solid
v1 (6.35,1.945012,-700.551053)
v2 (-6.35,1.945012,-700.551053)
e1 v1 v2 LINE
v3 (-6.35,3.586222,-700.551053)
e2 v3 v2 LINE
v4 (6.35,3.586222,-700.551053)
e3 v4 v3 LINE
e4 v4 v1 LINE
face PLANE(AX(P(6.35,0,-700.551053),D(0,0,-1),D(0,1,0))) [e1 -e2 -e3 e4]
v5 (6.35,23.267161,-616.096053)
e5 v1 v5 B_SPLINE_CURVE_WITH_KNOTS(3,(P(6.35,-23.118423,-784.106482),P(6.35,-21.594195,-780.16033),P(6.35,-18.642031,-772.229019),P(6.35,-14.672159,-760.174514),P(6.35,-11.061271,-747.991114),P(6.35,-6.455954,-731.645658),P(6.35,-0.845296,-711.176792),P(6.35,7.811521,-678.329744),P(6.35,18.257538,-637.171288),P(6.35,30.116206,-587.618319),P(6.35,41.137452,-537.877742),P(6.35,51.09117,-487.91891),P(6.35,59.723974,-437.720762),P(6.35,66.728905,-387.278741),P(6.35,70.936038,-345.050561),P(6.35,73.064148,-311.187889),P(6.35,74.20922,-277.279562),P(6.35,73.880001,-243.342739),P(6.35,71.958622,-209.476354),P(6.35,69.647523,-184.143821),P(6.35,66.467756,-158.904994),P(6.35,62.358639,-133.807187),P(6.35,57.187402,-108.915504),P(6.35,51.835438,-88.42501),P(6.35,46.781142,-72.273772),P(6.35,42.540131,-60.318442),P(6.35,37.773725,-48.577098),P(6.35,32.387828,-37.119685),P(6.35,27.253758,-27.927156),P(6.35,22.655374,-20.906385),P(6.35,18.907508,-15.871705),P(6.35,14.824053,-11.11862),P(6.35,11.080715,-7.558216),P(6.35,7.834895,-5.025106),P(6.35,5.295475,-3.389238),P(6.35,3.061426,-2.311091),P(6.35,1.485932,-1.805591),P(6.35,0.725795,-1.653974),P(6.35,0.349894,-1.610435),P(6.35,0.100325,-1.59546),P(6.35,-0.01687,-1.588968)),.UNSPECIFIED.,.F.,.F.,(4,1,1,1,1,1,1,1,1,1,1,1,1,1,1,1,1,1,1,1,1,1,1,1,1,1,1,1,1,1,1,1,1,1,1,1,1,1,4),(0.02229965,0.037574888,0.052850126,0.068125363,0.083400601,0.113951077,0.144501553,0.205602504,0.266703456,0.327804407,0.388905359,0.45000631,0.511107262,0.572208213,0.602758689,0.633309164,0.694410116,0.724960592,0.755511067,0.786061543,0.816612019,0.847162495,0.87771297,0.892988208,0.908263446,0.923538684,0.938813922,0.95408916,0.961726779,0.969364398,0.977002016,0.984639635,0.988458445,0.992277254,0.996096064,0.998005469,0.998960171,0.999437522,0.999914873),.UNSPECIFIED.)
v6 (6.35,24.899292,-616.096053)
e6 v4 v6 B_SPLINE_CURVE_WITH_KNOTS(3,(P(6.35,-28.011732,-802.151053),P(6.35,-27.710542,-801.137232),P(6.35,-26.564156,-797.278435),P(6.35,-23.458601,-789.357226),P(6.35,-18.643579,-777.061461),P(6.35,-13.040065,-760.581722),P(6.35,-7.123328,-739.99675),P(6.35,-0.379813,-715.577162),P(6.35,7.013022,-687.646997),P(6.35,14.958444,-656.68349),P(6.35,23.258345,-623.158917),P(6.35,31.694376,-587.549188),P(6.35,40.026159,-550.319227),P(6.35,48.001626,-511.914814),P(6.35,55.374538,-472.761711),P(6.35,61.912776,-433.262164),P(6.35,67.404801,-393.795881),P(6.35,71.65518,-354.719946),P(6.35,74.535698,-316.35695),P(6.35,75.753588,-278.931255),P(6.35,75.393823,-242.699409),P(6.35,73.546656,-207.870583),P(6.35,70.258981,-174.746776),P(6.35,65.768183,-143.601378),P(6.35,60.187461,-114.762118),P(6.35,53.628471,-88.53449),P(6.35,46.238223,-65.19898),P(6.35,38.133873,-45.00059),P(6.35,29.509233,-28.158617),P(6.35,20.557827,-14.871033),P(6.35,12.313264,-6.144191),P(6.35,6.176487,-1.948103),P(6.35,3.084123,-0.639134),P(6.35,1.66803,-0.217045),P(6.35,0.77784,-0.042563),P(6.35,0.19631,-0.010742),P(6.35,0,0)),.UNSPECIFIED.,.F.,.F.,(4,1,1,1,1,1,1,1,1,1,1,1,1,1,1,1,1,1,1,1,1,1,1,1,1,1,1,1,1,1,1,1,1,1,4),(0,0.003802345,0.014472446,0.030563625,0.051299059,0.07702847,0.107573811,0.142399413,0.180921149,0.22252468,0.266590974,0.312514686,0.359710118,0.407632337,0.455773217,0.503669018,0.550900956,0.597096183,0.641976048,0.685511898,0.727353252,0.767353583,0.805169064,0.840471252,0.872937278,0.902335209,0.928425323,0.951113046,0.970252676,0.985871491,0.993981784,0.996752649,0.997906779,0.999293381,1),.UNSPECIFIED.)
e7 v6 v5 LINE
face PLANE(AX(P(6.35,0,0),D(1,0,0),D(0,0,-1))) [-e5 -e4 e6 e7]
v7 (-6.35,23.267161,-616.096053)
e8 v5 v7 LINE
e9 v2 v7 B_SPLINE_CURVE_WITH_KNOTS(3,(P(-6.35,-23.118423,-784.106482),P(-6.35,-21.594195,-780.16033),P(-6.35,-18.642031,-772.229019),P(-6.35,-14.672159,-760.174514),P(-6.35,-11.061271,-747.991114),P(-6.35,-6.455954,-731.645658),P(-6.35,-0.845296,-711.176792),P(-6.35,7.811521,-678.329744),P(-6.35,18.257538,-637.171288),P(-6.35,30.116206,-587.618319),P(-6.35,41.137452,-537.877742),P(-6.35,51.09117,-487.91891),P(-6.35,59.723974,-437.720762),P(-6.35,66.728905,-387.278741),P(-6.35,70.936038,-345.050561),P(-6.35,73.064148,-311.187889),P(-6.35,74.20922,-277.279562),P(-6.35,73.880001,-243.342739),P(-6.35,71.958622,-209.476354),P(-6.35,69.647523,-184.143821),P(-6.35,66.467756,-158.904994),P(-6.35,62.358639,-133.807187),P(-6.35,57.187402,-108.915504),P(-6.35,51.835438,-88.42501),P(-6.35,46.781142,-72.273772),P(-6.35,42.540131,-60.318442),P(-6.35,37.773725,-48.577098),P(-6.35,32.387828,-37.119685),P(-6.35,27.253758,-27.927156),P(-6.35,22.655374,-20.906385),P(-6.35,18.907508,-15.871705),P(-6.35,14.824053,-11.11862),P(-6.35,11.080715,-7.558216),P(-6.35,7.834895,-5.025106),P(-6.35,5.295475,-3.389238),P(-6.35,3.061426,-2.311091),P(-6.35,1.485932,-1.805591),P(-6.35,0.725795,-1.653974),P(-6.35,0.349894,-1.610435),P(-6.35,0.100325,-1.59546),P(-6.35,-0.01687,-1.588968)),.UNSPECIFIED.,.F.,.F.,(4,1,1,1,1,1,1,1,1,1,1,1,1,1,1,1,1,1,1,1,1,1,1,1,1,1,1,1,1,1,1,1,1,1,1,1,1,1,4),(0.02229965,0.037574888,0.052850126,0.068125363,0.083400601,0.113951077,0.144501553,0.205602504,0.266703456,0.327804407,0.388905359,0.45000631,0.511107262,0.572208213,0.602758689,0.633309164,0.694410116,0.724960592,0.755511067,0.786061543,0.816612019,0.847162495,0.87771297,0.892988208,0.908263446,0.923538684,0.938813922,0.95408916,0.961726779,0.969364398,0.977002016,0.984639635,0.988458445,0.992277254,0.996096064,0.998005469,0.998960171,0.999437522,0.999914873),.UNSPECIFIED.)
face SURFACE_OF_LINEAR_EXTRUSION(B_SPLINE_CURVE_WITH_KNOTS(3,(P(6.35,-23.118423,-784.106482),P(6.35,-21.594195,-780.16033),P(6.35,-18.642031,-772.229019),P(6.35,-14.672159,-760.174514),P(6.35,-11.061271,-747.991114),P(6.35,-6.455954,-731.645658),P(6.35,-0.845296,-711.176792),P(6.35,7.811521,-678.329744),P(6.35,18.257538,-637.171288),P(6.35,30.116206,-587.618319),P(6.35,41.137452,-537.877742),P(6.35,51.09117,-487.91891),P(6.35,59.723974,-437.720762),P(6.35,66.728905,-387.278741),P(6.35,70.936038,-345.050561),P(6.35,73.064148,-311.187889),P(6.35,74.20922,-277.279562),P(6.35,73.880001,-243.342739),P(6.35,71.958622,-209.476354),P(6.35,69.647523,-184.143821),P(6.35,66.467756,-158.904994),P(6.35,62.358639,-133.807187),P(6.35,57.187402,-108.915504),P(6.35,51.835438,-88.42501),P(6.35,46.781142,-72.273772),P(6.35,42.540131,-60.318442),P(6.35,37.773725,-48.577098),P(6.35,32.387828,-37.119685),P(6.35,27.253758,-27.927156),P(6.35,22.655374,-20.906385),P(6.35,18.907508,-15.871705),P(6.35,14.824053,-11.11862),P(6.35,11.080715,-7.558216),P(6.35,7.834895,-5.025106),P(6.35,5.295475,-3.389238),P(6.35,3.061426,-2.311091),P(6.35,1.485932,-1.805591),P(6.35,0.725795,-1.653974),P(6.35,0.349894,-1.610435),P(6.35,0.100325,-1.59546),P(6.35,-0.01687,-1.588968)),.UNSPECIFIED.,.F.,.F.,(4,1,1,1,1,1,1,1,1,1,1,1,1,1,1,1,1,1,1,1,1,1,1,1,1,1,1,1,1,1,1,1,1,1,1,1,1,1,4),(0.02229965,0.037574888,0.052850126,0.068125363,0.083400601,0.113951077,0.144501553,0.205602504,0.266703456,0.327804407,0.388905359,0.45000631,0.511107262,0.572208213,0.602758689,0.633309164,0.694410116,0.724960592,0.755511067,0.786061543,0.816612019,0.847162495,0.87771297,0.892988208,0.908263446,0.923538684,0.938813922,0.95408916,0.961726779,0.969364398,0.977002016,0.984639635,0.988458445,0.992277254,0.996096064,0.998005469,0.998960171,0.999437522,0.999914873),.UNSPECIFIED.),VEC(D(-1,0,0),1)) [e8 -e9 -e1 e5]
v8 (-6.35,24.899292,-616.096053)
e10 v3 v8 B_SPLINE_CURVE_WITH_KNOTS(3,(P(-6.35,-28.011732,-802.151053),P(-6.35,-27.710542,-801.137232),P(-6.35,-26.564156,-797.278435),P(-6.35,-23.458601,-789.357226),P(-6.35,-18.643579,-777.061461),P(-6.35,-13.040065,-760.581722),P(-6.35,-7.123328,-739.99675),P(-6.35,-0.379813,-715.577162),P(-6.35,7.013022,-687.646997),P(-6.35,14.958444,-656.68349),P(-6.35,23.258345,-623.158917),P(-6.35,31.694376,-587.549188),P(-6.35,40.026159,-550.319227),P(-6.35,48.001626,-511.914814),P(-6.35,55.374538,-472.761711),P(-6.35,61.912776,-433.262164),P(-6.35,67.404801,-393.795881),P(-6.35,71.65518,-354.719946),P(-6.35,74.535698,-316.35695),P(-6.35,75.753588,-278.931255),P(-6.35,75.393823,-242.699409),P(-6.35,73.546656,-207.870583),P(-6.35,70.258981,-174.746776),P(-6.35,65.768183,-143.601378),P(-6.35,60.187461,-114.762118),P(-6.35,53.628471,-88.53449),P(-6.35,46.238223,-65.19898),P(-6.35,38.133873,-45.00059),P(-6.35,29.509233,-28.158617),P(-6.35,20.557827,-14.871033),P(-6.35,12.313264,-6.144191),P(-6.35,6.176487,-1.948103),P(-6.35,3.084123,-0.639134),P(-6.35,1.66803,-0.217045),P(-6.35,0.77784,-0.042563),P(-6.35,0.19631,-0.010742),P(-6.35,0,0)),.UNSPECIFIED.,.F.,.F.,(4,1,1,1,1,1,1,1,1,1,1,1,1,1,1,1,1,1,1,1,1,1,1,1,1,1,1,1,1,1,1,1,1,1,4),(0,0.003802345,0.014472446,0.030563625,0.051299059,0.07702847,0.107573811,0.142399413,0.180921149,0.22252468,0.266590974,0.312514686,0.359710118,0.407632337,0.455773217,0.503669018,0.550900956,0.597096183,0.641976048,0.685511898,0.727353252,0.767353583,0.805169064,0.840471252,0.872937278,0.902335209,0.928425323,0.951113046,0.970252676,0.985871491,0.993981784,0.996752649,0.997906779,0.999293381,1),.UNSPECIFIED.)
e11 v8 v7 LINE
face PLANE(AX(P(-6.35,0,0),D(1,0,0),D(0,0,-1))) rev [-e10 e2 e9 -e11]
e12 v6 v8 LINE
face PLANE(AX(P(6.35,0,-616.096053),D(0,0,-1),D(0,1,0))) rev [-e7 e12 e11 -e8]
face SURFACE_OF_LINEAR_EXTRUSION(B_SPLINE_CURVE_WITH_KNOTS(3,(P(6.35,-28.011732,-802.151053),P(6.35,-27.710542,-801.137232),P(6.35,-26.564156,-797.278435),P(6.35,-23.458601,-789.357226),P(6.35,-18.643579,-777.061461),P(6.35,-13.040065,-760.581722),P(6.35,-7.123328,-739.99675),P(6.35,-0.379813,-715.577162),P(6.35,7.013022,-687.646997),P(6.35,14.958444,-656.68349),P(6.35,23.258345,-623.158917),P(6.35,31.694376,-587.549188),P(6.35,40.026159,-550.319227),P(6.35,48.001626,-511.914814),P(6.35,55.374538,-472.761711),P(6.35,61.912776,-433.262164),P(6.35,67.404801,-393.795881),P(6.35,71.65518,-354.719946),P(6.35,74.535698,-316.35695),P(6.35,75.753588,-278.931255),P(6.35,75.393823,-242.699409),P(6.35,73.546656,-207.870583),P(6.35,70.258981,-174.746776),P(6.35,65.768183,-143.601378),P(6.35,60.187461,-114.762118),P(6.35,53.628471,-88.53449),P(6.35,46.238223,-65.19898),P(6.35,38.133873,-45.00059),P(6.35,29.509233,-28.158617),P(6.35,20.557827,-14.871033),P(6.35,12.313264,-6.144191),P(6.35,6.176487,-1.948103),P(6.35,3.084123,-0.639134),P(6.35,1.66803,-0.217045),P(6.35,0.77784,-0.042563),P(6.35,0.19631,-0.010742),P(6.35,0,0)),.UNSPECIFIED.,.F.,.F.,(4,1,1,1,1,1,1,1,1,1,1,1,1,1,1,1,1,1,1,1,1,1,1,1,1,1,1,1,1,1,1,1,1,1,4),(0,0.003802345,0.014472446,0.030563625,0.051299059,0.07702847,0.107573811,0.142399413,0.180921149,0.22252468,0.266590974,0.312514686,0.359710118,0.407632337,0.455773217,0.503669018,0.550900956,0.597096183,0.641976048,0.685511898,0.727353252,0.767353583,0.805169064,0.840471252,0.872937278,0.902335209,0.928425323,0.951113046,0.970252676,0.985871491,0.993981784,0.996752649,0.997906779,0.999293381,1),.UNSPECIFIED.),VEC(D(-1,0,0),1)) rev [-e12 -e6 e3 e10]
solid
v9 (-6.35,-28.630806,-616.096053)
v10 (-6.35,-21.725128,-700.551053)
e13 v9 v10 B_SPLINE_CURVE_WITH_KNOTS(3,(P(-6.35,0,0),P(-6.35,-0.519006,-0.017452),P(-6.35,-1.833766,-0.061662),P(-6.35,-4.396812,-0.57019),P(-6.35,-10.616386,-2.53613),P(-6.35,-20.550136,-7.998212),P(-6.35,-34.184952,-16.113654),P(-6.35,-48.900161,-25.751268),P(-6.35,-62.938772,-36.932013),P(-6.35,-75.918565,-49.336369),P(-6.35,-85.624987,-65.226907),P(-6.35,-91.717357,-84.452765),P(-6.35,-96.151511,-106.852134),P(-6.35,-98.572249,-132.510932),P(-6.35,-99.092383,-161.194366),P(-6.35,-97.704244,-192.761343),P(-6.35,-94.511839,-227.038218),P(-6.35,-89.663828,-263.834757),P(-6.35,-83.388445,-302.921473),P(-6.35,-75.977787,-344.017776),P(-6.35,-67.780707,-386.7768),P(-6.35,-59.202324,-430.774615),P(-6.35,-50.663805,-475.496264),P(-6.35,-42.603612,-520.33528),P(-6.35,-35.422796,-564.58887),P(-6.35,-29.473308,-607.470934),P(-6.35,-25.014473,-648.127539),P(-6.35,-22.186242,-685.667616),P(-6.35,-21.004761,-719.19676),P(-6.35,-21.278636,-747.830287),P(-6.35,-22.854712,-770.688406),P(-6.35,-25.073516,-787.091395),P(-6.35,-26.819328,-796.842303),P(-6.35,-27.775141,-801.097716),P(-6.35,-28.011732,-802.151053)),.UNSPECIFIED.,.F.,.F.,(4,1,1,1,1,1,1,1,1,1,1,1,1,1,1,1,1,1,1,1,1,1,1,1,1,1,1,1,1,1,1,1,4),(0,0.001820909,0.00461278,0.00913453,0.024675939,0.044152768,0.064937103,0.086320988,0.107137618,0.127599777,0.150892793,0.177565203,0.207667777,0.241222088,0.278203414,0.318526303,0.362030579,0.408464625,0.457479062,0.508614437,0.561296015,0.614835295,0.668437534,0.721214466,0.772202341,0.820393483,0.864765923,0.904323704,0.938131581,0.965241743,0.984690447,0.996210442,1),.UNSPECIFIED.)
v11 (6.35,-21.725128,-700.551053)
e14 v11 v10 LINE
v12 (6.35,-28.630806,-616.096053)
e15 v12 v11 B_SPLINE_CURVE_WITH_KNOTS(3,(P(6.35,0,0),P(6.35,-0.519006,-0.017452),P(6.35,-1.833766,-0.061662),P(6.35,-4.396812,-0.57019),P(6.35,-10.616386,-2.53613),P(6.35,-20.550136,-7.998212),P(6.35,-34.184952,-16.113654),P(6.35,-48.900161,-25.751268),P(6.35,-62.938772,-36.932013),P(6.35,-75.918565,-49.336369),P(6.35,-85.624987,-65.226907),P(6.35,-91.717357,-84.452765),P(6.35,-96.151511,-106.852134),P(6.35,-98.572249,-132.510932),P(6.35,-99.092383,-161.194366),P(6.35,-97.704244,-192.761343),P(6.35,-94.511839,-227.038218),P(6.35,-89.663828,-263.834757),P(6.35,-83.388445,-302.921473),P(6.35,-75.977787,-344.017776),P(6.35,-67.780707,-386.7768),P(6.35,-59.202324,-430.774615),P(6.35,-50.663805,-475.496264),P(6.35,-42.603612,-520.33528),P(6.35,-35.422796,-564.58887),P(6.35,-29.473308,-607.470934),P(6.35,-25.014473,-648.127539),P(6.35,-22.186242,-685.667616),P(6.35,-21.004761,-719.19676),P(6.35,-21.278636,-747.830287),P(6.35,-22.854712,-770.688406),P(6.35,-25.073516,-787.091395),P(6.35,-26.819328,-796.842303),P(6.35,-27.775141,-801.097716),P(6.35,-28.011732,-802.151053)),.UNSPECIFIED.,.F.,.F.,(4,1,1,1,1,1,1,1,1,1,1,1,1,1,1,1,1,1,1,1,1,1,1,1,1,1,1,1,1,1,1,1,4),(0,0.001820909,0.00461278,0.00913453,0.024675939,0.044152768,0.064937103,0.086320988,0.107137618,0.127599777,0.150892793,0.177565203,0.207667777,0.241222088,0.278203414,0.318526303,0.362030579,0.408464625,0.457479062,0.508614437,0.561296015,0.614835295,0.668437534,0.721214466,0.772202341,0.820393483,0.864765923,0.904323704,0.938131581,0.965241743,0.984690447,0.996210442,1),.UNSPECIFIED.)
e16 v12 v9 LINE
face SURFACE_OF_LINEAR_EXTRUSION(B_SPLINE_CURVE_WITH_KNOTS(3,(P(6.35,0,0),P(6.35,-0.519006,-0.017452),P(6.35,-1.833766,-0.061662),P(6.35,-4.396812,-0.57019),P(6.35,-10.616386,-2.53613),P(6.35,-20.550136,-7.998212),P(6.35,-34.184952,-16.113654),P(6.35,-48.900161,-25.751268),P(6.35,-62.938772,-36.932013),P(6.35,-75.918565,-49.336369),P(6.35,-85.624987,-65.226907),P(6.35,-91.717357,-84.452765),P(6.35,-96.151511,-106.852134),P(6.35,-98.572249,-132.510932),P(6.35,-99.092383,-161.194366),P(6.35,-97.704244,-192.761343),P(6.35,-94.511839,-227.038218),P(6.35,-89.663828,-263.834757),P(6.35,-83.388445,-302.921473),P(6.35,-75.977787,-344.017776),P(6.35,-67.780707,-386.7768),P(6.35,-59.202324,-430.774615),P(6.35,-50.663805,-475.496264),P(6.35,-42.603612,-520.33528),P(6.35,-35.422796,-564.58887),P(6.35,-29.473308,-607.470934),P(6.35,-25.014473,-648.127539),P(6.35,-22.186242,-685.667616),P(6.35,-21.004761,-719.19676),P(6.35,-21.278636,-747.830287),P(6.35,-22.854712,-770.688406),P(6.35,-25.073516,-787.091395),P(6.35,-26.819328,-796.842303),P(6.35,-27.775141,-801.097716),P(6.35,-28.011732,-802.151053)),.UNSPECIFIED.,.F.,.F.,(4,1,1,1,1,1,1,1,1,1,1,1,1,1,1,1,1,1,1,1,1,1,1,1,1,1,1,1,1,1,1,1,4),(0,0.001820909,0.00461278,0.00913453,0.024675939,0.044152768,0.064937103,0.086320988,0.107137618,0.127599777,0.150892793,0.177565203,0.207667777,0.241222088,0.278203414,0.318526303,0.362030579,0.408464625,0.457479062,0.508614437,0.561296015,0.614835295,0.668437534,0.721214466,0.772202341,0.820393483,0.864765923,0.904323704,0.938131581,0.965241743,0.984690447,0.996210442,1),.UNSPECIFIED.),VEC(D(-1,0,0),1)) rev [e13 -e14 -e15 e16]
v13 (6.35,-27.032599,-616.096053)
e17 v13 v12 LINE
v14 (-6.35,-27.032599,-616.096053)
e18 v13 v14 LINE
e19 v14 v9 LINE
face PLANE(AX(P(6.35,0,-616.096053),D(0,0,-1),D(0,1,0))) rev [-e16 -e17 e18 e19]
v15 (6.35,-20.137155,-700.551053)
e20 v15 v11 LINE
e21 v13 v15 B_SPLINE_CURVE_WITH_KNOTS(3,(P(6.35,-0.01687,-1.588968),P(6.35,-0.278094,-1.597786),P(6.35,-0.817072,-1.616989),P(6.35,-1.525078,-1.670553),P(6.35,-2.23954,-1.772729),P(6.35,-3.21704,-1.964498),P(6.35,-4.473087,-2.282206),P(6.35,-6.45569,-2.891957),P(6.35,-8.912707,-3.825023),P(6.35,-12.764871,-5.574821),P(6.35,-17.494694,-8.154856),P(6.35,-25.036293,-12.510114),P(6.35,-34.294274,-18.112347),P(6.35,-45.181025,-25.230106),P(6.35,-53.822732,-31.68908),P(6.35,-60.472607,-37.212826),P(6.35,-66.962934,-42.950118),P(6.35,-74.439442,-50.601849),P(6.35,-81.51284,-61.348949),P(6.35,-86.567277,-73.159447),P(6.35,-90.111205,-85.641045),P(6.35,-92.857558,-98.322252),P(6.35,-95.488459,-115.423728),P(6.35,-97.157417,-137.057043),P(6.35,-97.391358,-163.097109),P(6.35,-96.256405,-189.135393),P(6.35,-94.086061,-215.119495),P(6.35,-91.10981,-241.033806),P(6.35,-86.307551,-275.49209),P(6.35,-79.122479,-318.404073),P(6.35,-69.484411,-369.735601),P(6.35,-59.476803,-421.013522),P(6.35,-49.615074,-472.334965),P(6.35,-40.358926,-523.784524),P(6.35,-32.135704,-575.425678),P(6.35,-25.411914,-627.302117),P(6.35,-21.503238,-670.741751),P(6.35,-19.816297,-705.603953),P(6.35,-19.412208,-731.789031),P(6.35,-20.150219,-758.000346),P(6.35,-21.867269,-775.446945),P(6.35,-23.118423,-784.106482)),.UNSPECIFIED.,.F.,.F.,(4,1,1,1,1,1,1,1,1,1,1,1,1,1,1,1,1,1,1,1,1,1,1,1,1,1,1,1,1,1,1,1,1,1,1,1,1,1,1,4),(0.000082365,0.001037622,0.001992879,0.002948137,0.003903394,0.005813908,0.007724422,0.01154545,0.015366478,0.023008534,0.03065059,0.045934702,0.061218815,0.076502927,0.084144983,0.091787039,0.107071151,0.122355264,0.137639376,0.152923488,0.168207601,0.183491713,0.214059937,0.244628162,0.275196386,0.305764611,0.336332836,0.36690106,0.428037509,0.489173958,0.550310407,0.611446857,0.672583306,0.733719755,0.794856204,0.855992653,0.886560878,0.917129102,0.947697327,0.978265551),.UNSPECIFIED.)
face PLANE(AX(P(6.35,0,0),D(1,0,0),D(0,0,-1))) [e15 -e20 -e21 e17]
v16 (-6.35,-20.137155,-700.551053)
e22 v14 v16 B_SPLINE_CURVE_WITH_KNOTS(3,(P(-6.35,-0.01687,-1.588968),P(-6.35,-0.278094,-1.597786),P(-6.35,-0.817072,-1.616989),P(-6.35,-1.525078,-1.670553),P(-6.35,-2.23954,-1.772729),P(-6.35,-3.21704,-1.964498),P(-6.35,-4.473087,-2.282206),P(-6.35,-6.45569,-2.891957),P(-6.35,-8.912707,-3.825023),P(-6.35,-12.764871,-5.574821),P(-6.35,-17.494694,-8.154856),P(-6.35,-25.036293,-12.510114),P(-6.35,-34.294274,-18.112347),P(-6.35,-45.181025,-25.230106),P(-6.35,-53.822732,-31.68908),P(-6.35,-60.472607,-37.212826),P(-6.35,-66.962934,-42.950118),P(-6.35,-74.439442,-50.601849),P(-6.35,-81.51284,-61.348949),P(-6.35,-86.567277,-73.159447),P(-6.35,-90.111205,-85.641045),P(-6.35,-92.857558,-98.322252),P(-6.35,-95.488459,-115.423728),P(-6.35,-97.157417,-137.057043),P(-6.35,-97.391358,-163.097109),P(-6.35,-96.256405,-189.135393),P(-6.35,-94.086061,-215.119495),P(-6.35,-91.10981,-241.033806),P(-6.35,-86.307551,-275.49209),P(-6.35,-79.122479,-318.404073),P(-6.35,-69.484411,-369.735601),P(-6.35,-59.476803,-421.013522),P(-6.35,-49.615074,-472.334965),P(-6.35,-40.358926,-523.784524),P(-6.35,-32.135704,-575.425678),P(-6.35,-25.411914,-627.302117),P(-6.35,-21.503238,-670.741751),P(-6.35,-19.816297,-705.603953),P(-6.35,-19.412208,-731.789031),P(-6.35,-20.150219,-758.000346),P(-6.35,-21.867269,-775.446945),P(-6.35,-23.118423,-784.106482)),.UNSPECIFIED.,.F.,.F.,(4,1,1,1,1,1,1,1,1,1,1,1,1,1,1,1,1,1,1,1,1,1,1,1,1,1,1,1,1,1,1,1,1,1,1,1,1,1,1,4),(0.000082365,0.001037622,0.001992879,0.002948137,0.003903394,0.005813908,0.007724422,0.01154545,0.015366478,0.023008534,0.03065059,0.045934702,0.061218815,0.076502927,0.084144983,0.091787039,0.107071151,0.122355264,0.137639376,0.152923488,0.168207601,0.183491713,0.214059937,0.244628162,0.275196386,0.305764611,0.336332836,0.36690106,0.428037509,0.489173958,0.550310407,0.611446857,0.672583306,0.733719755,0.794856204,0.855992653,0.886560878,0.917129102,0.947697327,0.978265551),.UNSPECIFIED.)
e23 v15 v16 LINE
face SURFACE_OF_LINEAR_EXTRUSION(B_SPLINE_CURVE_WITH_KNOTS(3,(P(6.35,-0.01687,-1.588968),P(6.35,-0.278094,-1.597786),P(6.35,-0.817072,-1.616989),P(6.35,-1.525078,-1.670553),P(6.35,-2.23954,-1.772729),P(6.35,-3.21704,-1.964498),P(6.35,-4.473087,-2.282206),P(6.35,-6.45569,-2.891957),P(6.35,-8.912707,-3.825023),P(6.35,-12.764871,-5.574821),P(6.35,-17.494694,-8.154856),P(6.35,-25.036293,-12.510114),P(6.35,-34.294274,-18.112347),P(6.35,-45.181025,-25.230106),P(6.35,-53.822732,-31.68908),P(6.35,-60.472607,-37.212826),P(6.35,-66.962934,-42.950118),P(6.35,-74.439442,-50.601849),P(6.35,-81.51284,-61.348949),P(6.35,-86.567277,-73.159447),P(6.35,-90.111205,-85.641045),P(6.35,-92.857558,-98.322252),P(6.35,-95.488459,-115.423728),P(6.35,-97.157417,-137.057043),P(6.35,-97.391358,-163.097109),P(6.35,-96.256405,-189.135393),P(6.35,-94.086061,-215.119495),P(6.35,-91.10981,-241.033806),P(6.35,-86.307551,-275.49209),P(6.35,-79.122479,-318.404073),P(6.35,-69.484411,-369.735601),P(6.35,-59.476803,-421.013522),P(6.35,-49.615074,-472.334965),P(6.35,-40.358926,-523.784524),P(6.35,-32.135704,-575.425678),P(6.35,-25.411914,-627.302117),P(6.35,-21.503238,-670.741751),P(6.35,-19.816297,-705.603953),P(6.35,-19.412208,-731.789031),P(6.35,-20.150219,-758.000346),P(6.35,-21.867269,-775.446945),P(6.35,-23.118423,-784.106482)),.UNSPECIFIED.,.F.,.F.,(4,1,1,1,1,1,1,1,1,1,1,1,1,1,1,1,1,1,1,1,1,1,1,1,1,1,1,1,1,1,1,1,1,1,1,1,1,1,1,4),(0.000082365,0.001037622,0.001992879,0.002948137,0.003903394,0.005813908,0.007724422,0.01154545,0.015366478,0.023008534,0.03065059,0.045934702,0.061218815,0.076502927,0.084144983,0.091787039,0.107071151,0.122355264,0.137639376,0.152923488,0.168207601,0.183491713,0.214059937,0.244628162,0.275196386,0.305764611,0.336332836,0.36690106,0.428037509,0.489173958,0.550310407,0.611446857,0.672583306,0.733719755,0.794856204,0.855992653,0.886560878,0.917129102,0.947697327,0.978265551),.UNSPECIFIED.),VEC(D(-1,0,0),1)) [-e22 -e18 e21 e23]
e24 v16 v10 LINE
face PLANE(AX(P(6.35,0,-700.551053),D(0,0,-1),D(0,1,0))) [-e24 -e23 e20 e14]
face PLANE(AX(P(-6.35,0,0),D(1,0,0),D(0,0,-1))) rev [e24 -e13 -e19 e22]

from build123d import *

# Parameters (mm, degrees)
BOSS_EXTRUDE1_DEPTH   = 6.35
BOSS_EXTRUDE1_2_DEPTH = 6.35


with BuildPart() as part:
    # Sketch1 → Boss-Extrude1 (new, symmetric)
    with BuildSketch(Plane(origin=(0, 0, 0), x_dir=(0, 0, -1), z_dir=(1, 0, 0))):
        with BuildLine():
            add(Edge.make_bspline(
                [(700.551053399, 3.586222224), (696.579883466, 4.636636464), (682.245101169, 8.399180811), (656.683490083, 14.958443735), (632.486605738, 20.949027091), (618.668198685, 24.282047812), (616.096053399, 24.899291701)],
                knots=[0.12762815, 0.12762815, 0.12762815, 0.12762815, 0.142399413, 0.180921149, 0.22252468, 0.232036611, 0.232036611, 0.232036611, 0.232036611], degree=3))
            Line((616.096053399, 24.899291701), (616.096053399, 23.267161102))
            add(Edge.make_bspline(
                [(700.551053399, 1.94501203), (695.881809342, 3.180712118), (674.780157381, 8.712406077), (646.635186109, 15.855600566), (623.117202697, 21.581456041), (616.096053399, 23.267161102)],
                knots=[0.127124743, 0.127124743, 0.127124743, 0.127124743, 0.144501553, 0.205602504, 0.23157986, 0.23157986, 0.23157986, 0.23157986], degree=3))
            Line((700.551053399, 1.94501203), (700.551053399, 3.586222224))
        make_face()
    extrude(amount=BOSS_EXTRUDE1_DEPTH, both=True)


with BuildPart() as body_2:
    # Sketch1 → Boss-Extrude1 2 (new, symmetric)
    with BuildSketch(Plane(origin=(0, 0, 0), x_dir=(0, 0, -1), z_dir=(1, 0, 0))):
        with BuildLine():
            add(Edge.make_bspline(
                [(616.096053399, -27.032599118), (619.843416737, -26.59006582), (640.917655955, -24.186794667), (669.061650625, -21.654412481), (693.517861944, -20.40563301), (700.551053399, -20.137154854)],
                knots=[0.781625644, 0.781625644, 0.781625644, 0.781625644, 0.794856204, 0.855992653, 0.880649492, 0.880649492, 0.880649492, 0.880649492], degree=3))
            Line((616.096053399, -27.032599118), (616.096053399, -28.630805543))
            add(Edge.make_bspline(
                [(616.096053399, -28.630805543), (627.126031636, -27.326648957), (650.742691726, -24.817450392), (678.920902179, -22.694532397), (696.049354723, -21.896959145), (700.551053399, -21.725128402)],
                knots=[0.781406307, 0.781406307, 0.781406307, 0.781406307, 0.820393483, 0.864765923, 0.880578814, 0.880578814, 0.880578814, 0.880578814], degree=3))
            Line((700.551053399, -21.725128402), (700.551053399, -20.137154854))
        make_face()
    extrude(amount=BOSS_EXTRUDE1_2_DEPTH, both=True)


solid = Compound([part.part, body_2.part])
